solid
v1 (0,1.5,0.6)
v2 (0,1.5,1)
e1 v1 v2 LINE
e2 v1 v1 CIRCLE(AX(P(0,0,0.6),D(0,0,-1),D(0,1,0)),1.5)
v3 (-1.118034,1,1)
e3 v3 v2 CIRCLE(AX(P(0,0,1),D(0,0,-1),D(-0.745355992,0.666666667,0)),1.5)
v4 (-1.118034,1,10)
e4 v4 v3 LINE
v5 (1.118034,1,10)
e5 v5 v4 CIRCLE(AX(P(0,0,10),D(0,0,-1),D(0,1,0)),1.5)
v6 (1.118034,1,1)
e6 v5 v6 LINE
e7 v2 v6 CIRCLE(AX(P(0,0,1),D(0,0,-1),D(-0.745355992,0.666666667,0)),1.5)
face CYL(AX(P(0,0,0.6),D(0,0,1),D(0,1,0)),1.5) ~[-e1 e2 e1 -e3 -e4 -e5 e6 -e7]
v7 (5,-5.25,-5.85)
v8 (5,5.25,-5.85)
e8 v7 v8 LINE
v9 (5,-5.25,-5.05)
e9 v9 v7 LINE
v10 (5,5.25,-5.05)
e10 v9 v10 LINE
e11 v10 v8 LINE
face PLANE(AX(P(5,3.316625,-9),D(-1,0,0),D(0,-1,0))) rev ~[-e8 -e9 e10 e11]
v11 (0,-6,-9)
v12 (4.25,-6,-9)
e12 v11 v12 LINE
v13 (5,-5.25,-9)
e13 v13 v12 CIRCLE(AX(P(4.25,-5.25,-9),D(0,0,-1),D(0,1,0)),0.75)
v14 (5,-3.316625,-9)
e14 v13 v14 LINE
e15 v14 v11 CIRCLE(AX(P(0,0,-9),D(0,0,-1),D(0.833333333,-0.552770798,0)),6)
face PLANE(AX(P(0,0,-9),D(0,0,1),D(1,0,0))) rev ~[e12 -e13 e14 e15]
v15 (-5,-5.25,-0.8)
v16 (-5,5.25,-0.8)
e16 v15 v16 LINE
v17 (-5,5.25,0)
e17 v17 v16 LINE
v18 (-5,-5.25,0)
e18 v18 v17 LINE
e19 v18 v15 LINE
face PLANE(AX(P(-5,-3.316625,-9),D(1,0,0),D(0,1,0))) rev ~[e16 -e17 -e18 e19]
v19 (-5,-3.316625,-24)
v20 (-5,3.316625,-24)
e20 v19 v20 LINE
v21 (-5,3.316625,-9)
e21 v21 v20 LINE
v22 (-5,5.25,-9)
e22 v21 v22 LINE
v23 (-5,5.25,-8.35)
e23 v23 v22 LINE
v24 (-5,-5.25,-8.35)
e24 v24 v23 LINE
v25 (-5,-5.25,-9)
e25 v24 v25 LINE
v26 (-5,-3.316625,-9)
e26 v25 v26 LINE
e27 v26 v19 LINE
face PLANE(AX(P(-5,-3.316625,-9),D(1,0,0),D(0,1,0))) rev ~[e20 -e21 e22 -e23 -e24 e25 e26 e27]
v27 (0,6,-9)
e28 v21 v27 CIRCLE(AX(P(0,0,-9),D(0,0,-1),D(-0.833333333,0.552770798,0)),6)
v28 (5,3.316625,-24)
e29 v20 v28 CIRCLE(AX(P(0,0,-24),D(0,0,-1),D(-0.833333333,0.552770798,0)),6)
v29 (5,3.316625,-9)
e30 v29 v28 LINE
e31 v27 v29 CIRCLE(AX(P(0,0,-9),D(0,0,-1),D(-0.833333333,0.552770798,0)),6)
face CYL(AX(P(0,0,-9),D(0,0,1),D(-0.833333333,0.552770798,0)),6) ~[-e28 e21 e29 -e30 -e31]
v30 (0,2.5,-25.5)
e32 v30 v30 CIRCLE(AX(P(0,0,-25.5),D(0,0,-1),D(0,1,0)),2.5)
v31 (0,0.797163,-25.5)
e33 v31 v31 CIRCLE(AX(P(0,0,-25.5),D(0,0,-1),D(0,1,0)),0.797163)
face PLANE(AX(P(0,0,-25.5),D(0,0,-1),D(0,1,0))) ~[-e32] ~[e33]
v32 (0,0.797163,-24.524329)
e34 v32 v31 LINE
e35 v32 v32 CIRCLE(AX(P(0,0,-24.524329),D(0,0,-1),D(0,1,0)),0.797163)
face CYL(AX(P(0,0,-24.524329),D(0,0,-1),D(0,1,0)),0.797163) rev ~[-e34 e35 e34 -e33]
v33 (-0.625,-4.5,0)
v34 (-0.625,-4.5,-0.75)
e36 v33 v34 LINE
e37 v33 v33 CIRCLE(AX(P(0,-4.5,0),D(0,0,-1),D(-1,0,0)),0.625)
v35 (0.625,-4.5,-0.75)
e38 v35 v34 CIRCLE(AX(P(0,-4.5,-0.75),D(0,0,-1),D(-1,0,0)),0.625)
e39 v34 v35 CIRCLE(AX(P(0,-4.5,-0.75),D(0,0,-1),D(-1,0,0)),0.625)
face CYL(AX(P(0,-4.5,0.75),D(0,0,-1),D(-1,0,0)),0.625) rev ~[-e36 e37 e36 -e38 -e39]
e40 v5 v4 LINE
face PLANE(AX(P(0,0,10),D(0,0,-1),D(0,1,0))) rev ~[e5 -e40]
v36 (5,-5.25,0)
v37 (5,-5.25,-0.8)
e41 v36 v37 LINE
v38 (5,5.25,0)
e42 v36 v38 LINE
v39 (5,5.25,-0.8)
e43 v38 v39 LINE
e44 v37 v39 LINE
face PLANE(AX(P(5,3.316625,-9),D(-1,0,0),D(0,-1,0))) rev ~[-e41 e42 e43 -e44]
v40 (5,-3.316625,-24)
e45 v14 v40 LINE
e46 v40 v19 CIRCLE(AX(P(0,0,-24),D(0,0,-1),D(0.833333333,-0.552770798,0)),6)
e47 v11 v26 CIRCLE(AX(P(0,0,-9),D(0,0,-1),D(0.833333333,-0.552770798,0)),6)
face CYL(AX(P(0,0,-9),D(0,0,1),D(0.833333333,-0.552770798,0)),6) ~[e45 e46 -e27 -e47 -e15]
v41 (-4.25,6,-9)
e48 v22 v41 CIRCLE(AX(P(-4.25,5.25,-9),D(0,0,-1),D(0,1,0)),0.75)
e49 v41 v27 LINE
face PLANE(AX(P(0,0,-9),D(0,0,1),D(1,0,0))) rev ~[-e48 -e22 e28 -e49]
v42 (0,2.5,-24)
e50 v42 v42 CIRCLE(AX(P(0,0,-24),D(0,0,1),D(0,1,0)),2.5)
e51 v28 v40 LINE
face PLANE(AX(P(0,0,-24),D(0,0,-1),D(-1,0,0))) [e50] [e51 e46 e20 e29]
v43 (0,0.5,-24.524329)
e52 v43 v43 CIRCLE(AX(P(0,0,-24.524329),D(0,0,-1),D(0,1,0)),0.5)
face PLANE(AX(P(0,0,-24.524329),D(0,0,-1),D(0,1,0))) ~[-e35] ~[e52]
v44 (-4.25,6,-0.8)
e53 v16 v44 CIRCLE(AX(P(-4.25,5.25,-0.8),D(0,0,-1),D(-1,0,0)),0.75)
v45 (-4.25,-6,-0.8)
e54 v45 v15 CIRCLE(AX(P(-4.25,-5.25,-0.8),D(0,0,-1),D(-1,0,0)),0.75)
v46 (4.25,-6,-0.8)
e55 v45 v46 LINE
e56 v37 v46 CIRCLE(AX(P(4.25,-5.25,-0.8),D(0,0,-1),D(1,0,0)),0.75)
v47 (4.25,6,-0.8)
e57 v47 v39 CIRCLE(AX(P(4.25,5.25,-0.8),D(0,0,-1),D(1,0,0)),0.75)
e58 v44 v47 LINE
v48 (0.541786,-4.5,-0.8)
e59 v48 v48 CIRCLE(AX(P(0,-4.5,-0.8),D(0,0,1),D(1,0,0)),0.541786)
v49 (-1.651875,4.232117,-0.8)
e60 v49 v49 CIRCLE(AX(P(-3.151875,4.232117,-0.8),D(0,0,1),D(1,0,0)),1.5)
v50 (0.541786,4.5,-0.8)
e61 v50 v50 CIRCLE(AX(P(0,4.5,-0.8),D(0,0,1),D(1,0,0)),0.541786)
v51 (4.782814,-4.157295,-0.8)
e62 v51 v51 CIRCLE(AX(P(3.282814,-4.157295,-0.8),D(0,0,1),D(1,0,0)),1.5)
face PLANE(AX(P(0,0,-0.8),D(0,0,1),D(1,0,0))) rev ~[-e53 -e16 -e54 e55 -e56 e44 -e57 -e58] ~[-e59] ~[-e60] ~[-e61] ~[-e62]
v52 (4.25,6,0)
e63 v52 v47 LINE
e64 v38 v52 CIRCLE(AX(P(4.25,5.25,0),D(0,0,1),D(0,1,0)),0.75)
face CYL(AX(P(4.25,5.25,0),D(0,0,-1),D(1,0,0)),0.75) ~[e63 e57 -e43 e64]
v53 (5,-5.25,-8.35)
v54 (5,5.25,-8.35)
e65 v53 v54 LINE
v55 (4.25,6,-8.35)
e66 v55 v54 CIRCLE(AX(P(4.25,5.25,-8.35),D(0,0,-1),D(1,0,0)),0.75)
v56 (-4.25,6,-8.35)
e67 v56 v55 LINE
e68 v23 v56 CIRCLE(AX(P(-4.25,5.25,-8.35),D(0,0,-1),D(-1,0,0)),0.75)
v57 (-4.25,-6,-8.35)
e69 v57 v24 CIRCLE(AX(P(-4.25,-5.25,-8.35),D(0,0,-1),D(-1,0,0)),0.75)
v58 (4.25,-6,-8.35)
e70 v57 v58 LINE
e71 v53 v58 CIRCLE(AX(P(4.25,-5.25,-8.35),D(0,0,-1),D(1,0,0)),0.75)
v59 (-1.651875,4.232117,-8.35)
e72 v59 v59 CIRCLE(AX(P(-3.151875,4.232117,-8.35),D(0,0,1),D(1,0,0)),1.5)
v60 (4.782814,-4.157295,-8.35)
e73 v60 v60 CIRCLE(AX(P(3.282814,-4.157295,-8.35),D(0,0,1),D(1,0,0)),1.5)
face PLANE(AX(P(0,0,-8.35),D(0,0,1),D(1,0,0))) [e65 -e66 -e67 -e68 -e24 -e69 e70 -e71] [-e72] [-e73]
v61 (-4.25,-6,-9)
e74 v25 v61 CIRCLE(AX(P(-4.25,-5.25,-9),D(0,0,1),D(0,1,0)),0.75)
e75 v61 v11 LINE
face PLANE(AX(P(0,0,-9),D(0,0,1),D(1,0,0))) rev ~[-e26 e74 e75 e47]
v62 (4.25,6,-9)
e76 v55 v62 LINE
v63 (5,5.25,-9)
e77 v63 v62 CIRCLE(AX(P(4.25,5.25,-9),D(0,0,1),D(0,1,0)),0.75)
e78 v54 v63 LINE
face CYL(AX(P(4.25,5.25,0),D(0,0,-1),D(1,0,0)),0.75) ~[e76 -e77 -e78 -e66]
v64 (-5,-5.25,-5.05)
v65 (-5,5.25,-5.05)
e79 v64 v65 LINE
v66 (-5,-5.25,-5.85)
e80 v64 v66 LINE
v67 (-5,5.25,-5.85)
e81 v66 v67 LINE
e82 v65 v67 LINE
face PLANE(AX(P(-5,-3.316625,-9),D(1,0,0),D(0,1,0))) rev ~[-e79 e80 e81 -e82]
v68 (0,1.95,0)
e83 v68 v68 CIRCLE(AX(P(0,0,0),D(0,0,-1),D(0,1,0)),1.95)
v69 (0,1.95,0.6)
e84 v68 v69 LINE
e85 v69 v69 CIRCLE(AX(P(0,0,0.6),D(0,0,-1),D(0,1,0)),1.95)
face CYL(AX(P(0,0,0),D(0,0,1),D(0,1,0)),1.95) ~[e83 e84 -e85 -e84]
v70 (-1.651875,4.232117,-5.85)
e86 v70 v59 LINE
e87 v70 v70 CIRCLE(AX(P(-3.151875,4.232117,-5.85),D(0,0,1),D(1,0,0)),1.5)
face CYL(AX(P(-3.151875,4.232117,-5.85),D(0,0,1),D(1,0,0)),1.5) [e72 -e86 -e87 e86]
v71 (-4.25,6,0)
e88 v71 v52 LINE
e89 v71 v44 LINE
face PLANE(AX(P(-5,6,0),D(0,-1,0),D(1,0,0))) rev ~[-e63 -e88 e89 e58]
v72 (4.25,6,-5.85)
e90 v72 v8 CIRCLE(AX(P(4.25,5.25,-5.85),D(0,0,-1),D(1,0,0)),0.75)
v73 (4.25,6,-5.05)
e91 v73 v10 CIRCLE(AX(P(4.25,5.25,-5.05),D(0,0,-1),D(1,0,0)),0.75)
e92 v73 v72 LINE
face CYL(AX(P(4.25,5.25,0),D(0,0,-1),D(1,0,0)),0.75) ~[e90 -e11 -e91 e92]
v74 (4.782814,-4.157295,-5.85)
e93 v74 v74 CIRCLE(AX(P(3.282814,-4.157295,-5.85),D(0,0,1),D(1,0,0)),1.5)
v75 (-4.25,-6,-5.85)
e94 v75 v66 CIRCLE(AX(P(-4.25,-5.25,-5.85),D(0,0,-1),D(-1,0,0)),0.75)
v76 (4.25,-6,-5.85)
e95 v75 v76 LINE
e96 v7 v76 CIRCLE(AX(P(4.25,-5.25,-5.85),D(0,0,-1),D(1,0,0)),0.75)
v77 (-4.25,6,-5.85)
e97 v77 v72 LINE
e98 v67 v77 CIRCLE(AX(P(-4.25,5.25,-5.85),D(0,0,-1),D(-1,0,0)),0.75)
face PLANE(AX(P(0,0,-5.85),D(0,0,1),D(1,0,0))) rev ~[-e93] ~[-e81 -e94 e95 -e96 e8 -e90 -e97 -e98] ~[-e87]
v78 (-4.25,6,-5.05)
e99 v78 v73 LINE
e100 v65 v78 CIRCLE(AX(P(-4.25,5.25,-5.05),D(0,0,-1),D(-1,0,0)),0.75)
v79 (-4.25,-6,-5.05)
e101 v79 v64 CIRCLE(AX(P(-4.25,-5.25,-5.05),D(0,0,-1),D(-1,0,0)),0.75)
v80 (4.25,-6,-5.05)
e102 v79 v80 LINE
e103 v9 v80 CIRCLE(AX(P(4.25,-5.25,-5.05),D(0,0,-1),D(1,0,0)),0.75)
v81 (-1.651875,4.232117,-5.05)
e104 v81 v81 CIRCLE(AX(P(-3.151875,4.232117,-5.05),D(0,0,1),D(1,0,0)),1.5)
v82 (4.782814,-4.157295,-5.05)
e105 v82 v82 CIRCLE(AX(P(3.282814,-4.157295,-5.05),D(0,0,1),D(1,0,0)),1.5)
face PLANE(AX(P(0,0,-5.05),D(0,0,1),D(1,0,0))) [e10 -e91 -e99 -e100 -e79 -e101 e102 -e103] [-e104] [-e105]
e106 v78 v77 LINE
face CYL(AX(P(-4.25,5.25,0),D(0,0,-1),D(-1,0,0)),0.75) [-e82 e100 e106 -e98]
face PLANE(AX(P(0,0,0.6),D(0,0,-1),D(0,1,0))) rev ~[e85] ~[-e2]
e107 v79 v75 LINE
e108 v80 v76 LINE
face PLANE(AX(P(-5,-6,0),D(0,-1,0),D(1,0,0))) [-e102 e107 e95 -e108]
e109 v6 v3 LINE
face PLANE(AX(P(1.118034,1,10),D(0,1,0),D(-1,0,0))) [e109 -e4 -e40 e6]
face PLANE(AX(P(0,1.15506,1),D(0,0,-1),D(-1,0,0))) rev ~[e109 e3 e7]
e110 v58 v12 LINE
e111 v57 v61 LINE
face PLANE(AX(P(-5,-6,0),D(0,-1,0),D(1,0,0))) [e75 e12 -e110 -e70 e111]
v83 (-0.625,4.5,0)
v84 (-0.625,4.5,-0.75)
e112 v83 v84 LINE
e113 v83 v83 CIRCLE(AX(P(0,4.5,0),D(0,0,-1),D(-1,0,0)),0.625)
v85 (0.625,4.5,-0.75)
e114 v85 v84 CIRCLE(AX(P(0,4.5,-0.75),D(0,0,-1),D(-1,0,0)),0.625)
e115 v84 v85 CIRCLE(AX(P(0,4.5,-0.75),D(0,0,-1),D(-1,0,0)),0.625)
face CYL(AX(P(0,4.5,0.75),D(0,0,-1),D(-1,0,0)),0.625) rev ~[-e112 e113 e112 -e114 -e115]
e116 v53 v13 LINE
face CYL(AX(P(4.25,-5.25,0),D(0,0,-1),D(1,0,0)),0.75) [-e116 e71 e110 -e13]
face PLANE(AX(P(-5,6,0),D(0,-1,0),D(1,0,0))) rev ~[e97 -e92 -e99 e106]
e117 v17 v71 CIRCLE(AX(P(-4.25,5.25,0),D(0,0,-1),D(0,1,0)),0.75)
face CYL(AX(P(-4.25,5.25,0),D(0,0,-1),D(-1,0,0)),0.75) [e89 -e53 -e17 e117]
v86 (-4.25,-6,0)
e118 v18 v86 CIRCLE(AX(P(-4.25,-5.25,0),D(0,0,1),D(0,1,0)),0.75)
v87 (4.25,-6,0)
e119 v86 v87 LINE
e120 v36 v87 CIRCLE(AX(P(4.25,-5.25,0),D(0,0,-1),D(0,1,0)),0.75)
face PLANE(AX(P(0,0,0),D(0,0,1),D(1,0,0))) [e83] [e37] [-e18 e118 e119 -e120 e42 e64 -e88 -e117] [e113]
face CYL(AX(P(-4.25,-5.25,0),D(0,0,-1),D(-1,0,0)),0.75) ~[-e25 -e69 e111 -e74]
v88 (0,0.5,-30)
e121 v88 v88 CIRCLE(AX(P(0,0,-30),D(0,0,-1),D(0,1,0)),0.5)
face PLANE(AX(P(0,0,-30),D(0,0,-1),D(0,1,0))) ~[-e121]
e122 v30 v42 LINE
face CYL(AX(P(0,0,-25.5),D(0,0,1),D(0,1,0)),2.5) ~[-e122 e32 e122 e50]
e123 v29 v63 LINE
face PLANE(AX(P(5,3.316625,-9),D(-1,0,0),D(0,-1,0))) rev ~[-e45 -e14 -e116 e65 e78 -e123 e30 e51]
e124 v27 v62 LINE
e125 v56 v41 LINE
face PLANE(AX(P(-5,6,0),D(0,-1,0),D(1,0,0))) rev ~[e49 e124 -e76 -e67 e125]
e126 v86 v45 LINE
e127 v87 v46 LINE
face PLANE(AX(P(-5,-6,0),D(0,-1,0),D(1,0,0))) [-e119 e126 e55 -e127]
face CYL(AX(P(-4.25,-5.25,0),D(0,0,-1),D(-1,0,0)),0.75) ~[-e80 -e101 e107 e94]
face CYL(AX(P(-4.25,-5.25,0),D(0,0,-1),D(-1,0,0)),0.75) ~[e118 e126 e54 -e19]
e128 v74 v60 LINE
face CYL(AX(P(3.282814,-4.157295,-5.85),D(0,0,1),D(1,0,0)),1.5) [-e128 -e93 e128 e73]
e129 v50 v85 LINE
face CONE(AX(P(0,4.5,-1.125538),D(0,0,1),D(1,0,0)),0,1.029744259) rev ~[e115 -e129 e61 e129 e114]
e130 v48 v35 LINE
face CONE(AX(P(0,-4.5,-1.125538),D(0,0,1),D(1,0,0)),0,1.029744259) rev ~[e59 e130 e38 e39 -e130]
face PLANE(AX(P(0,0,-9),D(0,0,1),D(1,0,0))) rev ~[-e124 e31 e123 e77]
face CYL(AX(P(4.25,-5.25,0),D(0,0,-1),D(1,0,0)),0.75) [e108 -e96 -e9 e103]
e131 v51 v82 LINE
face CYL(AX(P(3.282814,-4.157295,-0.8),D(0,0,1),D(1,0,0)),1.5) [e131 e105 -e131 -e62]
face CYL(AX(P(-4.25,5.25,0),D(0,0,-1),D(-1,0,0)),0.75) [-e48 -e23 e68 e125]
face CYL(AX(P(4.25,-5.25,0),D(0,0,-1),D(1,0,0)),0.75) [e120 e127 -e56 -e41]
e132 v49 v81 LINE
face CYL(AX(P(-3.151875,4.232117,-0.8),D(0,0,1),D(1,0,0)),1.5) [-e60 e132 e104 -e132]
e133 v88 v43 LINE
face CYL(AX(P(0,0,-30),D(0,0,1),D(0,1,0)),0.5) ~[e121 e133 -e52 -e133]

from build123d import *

# Parameters (mm, degrees)
SKETCH1_W                    = 10
SKETCH1_H                    = 12
BOSS_EXTRUDE1_DEPTH          = 9
BOSS_EXTRUDE2_DEPTH          = 15
CUT_EXTRUDE1_DEPTH           = 9
FILLET1_R                    = 0.75
M1_6X0_35_TAPPED_HOLE1_D     = 1.25
M1_6X0_35_TAPPED_HOLE1_DEPTH = 0.75
M1_6X0_35_TAPPED_HOLE1_TIP   = 0.375537887
CUT_EXTRUDE2_START           = -0.8
SKETCH7_W                    = 10
SKETCH7_H                    = 12
SKETCH7_R                    = 1.5
CUT_EXTRUDE2_DEPTH           = 4.25
CUT_EXTRUDE3_START           = -0.8
SKETCH8_W                    = 10
SKETCH8_H                    = 12
SKETCH8_R                    = 1.5
CUT_EXTRUDE3_DEPTH           = 2.5


with BuildPart() as part:
    # Sketch1 → Boss-Extrude1 (new body)
    with BuildSketch(Plane.XY):
        Rectangle(SKETCH1_W, SKETCH1_H)
    extrude(amount=-BOSS_EXTRUDE1_DEPTH)

    # Sketch2 → Boss-Extrude2 (add)
    with BuildSketch(Plane(origin=(0, 0, -9), x_dir=(-1, 0, 0), z_dir=(0, 0, -1))):
        with BuildLine():
            Line((-5, 3.31662479), (-5, -3.31662479))
            ThreePointArc((-5, -3.31662479), (0, -6), (5, -3.31662479))
            Line((5, -3.31662479), (5, 3.31662479))
            ThreePointArc((5, 3.31662479), (0, 6), (-5, 3.31662479))
        make_face()
    extrude(amount=BOSS_EXTRUDE2_DEPTH)

    # Sketch3 → Revolve1 (revolve)
    with BuildSketch(Plane(origin=(0, 0, 0), x_dir=(0, 0, -1), z_dir=(1, 0, 0))):
        Polygon((-10, 0), (30, 0), (30, 0.5), (24.524329041, 0.5), (24.524329041, 0.797163214), (25.5, 0.797163214), (25.5, 2.5), (0, 2.5), (0, 1.95), (-0.6, 1.95), (-0.6, 1.5), (-10, 1.5), align=None)
    revolve(axis=Axis((0, 0, 10), (0, 0, -1)))

    # Sketch4 → Cut-Extrude1 (cut)
    with BuildSketch(Plane.XY.offset(10)):
        with BuildLine():
            Line((1.118033989, 1), (-1.118033989, 1))
            ThreePointArc((-1.118033989, 1), (0, 1.5), (1.118033989, 1))
        make_face()
    extrude(amount=-CUT_EXTRUDE1_DEPTH, mode=Mode.SUBTRACT)

    # Fillet1
    fillet1_edges = [part.edges().sort_by_distance(p)[0] for p in [
        (-5, -6, -4.5),
        (5, -6, -4.5),
        (5, 6, -4.5),
        (-5, 6, -4.5),
    ]]
    fillet(fillet1_edges, radius=FILLET1_R)

    # M1.6x0.35 Tapped Hole1
    with Locations(Plane.XY):
        with Locations((0, -4.5), (0, 4.5)):
            Hole(M1_6X0_35_TAPPED_HOLE1_D / 2, depth=M1_6X0_35_TAPPED_HOLE1_DEPTH)
            with Locations((0, 0, -(M1_6X0_35_TAPPED_HOLE1_DEPTH + M1_6X0_35_TAPPED_HOLE1_TIP / 2))):  # 118° drill point
                Cone(0, M1_6X0_35_TAPPED_HOLE1_D / 2, M1_6X0_35_TAPPED_HOLE1_TIP, mode=Mode.SUBTRACT)

    # Sketch7 → Cut-Extrude2 (cut)
    with BuildSketch(Plane.XY.offset(CUT_EXTRUDE2_START)):
        Rectangle(SKETCH7_W, SKETCH7_H)
        with Locations((-3.151875275, 4.232117394)):
            Circle(SKETCH7_R, mode=Mode.SUBTRACT)
        with Locations((3.282813714, -4.157295429)):
            Circle(SKETCH7_R, mode=Mode.SUBTRACT)
    extrude(amount=-CUT_EXTRUDE2_DEPTH, mode=Mode.SUBTRACT)

    # Sketch8 → Cut-Extrude3 (cut)
    with BuildSketch(Plane.XY.offset(-5.05).offset(CUT_EXTRUDE3_START)):
        Rectangle(SKETCH8_W, SKETCH8_H)
        with Locations((-3.151875275, 4.232117394)):
            Circle(SKETCH8_R, mode=Mode.SUBTRACT)
        with Locations((3.282813714, -4.157295429)):
            Circle(SKETCH8_R, mode=Mode.SUBTRACT)
    extrude(amount=-CUT_EXTRUDE3_DEPTH, mode=Mode.SUBTRACT)


solid = part.part
